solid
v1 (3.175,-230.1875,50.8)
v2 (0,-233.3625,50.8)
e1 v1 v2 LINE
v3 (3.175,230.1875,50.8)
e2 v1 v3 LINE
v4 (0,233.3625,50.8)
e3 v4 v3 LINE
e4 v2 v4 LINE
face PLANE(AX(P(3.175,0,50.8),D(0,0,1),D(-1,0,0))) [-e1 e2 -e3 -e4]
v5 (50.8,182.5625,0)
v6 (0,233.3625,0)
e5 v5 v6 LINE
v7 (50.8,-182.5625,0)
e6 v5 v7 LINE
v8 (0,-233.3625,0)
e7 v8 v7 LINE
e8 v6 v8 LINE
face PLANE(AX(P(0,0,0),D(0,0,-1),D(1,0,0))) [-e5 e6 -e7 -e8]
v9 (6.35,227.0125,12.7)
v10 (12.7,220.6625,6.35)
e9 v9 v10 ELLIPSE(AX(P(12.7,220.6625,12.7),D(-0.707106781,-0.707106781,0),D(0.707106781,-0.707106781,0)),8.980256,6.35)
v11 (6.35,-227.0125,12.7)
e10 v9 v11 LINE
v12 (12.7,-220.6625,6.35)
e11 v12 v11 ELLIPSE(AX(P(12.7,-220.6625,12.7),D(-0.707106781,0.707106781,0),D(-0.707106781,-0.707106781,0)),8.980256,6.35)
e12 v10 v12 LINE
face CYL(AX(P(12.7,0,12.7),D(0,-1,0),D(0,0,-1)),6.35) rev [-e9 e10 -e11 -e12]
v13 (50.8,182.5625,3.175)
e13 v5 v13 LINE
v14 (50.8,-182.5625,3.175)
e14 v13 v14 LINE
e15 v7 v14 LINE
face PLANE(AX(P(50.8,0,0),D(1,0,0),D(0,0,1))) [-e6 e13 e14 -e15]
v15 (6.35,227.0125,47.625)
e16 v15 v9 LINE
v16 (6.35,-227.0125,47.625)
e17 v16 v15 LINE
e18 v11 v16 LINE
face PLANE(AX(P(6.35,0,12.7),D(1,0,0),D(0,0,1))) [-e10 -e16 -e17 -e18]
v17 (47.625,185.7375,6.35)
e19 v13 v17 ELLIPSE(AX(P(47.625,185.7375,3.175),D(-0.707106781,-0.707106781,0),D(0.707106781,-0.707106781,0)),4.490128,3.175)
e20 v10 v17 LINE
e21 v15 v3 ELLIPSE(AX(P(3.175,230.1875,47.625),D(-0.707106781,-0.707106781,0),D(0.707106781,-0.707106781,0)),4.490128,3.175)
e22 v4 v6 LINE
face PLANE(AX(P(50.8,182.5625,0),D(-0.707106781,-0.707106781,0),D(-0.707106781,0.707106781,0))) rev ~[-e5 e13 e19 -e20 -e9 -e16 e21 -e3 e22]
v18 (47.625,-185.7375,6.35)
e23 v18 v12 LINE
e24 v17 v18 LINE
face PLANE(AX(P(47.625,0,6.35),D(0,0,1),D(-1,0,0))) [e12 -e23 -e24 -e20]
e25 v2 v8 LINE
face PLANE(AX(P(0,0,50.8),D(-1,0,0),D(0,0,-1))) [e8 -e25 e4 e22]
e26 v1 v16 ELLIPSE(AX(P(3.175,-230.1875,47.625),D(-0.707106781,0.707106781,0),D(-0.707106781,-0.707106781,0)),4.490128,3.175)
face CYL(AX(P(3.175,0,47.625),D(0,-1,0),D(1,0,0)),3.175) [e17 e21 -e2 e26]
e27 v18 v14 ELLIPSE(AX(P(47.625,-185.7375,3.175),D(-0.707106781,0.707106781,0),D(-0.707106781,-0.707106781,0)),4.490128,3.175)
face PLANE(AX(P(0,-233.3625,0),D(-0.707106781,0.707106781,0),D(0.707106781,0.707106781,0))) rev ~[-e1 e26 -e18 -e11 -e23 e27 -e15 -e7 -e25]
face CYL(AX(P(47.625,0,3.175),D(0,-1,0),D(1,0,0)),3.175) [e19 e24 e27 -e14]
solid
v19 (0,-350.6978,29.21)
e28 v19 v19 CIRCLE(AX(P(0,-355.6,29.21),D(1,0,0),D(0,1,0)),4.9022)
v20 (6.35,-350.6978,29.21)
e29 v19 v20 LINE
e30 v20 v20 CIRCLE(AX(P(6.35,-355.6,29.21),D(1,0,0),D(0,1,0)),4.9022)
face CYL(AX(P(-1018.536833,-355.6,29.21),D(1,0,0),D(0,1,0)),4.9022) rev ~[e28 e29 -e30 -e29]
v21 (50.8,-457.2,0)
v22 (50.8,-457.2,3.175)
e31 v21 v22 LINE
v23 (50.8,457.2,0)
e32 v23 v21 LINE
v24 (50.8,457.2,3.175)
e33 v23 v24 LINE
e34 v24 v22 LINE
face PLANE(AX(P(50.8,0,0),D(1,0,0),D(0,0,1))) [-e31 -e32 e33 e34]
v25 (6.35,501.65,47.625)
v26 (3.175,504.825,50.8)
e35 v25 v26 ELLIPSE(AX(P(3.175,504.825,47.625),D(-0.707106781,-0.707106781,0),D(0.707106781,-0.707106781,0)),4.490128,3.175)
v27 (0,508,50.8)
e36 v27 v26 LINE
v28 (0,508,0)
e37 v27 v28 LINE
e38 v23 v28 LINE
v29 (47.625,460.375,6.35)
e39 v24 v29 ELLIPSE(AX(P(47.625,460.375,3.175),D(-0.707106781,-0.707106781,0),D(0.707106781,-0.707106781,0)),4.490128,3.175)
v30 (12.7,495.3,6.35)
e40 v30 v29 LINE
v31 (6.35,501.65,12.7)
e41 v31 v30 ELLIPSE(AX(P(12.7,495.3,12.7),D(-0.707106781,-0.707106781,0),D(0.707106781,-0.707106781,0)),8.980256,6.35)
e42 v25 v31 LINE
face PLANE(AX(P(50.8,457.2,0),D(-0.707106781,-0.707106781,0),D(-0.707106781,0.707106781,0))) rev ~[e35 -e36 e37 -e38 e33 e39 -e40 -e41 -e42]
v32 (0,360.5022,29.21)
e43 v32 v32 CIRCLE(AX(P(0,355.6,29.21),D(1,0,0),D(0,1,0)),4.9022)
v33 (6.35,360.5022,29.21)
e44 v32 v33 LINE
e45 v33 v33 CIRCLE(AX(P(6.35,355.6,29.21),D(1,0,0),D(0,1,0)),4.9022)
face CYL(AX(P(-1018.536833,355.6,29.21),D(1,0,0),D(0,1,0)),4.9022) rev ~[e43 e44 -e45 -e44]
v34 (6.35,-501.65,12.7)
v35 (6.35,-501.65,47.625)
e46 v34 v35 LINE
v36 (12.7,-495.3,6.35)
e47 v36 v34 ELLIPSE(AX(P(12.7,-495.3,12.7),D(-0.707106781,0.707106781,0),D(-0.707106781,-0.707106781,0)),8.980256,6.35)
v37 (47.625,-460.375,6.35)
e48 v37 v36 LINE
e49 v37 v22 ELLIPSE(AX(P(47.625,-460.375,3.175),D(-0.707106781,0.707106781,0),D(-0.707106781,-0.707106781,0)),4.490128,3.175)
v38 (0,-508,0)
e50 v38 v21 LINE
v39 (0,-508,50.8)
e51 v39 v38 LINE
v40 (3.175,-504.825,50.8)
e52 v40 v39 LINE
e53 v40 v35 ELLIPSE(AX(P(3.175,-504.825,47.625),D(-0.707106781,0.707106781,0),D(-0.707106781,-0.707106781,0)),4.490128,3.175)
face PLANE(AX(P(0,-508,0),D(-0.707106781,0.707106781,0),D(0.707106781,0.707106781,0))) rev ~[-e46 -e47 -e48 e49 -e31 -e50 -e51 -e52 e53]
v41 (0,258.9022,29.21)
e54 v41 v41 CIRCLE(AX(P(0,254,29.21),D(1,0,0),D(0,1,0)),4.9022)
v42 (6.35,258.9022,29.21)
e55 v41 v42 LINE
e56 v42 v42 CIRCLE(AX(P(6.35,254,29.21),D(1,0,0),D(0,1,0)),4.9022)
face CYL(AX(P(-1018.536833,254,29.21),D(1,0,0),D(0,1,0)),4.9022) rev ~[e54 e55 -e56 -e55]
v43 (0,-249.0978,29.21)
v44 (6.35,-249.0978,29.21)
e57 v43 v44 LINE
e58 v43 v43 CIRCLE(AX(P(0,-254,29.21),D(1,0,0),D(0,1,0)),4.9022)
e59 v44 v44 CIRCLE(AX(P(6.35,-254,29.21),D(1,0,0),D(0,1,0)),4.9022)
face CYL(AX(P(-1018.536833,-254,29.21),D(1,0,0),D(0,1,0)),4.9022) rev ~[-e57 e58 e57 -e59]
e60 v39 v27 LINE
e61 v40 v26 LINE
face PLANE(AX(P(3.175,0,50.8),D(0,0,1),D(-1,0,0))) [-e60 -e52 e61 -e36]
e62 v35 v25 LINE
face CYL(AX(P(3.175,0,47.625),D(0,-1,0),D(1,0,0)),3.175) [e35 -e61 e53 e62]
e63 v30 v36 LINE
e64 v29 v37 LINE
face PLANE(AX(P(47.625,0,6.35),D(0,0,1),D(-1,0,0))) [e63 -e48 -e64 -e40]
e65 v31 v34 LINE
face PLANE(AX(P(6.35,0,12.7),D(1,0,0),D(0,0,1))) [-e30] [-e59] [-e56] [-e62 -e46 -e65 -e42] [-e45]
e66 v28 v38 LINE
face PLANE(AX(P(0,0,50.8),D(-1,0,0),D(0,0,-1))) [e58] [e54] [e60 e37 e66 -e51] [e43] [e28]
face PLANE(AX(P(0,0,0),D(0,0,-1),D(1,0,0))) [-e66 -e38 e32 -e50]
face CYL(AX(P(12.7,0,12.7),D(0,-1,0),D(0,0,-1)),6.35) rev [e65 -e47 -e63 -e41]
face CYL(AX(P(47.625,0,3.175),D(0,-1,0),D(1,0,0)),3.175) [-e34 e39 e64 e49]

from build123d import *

# Parameters (mm, degrees)
F1_DEPTH = 233.3625
F3_DEPTH = 50.801
F4_DEPTH = 508
F6_DEPTH = 50.801
F8_D     = 9.8044


with BuildPart() as f1:
    # F0 (on Front) → F1 (new body, symmetric)
    with BuildSketch(Plane.XZ):
        with BuildLine():
            Line((0, 50.8), (0, 0))
            Line((0, 0), (50.8, 0))
            Line((50.8, 0), (50.8, 3.175))
            ThreePointArc((50.8, 3.175), (49.8700640303, 5.4200640303), (47.625, 6.35))
            Line((47.625, 6.35), (12.7, 6.35))
            ThreePointArc((12.7, 6.35), (8.2098719395, 8.2098719395), (6.35, 12.7))
            Line((6.35, 12.7), (6.35, 47.625))
            ThreePointArc((6.35, 47.625), (5.4200640303, 49.8700640303), (3.175, 50.8))
            Line((3.175, 50.8), (0, 50.8))
        make_face()
    extrude(amount=F1_DEPTH, both=True)

    # F2 (on face) → F3 (cut, through all)
    with BuildSketch(Plane(origin=(0, 0, 0), x_dir=(1, 0, 0), z_dir=(0, 0, -1))):
        Polygon((50.8, 233.3625), (0, 233.3625), (50.8, 182.5625), align=None)
        Polygon((50.8, -182.5625), (0, -233.3625), (50.8, -233.3625), align=None)
    extrude(amount=-F3_DEPTH, mode=Mode.SUBTRACT)


with BuildPart() as f4:
    # F0 (on Front) → F4 (new body, symmetric)
    with BuildSketch(Plane.XZ):
        with BuildLine():
            Line((0, 50.8), (0, 0))
            Line((0, 0), (50.8, 0))
            Line((50.8, 0), (50.8, 3.175))
            ThreePointArc((50.8, 3.175), (49.8700640303, 5.4200640303), (47.625, 6.35))
            Line((47.625, 6.35), (12.7, 6.35))
            ThreePointArc((12.7, 6.35), (8.2098719395, 8.2098719395), (6.35, 12.7))
            Line((6.35, 12.7), (6.35, 47.625))
            ThreePointArc((6.35, 47.625), (5.4200640303, 49.8700640303), (3.175, 50.8))
            Line((3.175, 50.8), (0, 50.8))
        make_face()
    extrude(amount=F4_DEPTH, both=True)

    # F5 (on face) → F6 (cut, through all)
    with BuildSketch(Plane(origin=(0, 0, 0), x_dir=(1, 0, 0), z_dir=(0, 0, -1))):
        Polygon((50.8, 508), (0, 508), (50.8, 457.2), align=None)
        Polygon((50.8, -457.2), (0, -508), (50.8, -508), align=None)
    extrude(amount=-F6_DEPTH, mode=Mode.SUBTRACT)

    # F8 (through all)
    with Locations(Plane(origin=(0, 0, 0), x_dir=(0, -1, 0), z_dir=(-1, 0, 0))):
        with Locations((355.6, 29.21), (254, 29.21), (-254, 29.21), (-355.6, 29.21)):
            Hole(F8_D / 2)


solid = Compound([f1.part, f4.part])
